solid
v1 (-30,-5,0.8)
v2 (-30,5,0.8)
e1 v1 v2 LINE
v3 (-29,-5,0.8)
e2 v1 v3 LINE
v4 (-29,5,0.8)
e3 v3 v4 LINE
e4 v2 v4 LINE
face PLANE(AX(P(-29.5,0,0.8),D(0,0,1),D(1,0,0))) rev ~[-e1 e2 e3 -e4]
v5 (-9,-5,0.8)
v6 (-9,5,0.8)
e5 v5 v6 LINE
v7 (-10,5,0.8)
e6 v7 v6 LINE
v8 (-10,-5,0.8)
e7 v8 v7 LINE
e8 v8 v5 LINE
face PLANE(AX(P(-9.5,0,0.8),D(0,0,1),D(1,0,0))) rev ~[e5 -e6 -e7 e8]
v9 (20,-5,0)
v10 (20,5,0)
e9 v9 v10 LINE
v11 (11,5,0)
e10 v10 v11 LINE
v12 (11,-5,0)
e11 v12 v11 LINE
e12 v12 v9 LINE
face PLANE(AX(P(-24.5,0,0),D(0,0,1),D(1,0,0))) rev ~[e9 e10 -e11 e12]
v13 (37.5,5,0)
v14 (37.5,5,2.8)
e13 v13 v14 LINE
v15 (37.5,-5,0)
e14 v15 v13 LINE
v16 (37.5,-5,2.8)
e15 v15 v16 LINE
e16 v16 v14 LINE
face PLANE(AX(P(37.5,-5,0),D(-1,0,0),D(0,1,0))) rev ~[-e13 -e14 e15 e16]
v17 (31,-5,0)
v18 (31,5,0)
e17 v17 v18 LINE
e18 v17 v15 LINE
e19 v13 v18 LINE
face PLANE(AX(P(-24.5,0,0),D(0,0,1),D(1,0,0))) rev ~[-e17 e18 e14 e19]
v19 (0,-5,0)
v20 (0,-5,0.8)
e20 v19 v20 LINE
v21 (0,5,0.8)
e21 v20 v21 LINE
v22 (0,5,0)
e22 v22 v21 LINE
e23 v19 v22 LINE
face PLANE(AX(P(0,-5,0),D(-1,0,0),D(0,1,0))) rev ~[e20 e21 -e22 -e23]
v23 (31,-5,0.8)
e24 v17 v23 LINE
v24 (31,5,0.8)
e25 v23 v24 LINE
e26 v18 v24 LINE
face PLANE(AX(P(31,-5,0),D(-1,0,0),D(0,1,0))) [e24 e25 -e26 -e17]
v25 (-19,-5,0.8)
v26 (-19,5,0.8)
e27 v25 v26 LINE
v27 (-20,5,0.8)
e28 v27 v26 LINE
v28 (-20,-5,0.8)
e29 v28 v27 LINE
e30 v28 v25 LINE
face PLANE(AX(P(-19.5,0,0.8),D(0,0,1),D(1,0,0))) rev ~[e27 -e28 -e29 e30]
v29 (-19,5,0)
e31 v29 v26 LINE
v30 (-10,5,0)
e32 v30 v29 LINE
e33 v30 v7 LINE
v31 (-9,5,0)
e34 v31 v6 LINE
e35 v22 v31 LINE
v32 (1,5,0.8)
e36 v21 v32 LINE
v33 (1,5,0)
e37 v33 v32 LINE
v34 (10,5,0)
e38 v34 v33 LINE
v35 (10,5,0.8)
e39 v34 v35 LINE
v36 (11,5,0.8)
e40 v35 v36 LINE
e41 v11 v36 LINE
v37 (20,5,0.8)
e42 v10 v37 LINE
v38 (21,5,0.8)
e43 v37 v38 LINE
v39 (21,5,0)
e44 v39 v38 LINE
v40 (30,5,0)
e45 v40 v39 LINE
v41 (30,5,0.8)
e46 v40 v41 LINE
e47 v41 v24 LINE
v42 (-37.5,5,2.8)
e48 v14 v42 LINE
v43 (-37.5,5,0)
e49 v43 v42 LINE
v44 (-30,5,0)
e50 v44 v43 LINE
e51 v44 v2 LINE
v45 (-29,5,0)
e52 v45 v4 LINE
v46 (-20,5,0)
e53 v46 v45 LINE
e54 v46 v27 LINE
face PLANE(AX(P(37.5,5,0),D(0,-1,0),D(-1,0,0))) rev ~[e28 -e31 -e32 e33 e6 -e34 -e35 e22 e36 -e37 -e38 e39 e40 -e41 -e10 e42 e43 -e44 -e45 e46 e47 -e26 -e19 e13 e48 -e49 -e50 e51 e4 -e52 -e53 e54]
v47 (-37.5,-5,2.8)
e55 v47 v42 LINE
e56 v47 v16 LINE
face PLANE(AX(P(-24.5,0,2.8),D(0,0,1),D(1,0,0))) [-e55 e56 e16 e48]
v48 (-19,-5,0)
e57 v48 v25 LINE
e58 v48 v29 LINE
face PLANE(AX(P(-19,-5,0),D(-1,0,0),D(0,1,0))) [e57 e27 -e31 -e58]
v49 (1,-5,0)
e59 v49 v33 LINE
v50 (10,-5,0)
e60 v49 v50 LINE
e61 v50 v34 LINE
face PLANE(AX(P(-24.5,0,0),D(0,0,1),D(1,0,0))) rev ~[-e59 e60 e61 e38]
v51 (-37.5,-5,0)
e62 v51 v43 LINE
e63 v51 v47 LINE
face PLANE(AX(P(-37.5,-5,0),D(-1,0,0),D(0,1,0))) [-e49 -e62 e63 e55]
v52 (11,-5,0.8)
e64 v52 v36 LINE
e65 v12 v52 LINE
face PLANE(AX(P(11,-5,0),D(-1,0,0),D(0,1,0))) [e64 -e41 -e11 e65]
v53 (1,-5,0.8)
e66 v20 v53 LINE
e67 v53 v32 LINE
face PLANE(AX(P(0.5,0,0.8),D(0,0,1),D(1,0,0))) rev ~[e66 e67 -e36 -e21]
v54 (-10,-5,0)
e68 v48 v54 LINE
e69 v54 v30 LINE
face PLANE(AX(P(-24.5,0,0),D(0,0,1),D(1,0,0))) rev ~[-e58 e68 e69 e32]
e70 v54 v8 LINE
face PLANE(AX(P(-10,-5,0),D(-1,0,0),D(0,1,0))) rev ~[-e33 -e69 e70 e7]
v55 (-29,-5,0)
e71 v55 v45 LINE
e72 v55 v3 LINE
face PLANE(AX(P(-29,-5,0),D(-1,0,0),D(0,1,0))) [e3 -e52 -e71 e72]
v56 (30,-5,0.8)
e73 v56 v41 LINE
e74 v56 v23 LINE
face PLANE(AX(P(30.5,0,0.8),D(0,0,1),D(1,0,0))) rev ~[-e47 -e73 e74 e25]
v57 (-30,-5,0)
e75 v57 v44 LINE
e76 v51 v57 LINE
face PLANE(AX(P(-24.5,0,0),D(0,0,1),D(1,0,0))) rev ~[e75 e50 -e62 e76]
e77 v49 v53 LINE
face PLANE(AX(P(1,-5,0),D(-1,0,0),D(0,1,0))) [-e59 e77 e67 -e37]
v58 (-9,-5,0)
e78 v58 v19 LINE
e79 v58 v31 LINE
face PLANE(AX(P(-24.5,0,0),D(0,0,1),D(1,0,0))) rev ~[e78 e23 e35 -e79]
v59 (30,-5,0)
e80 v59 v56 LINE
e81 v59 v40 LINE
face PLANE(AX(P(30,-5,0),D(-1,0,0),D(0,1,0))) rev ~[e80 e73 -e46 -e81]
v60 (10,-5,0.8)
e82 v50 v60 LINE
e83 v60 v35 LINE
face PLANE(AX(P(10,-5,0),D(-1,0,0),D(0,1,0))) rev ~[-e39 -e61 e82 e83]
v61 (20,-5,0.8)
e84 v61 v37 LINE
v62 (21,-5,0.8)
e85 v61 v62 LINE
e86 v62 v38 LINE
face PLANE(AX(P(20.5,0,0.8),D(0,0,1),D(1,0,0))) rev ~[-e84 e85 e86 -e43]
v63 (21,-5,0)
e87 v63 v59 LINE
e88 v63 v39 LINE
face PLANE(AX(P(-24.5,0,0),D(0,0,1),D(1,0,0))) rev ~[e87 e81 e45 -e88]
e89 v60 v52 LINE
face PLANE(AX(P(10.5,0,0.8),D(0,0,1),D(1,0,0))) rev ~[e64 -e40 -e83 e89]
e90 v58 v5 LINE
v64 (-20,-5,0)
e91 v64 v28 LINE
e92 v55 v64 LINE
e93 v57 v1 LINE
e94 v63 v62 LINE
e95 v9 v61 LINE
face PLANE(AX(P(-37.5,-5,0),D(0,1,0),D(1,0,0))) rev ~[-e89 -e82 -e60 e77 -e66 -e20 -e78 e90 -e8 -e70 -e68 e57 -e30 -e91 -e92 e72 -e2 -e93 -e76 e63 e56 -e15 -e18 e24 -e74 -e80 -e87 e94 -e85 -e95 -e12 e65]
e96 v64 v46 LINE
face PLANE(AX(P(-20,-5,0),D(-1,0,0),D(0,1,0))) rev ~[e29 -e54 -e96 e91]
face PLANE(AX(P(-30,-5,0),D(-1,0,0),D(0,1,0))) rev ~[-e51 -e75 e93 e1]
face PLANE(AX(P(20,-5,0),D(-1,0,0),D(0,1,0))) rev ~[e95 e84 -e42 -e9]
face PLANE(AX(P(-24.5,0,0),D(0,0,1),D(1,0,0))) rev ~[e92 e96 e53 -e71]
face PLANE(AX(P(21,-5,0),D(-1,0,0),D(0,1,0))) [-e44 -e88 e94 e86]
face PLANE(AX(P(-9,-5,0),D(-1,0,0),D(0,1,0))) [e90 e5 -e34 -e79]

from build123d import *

# Parameters (mm, degrees)
F0_W     = 9
F0_H     = 10
F0_W_2   = 1
F0_W_3   = 6.5
F0_W_4   = 7.5
F1_DEPTH = 2.8
F2_DEPTH = 0.8


with BuildPart() as f1:
    # F0 (on Top) → F1 (new body)
    with BuildSketch(Plane.XY):
        with Locations((-24.5, 0)):
            Rectangle(F0_W, F0_H)
        with Locations((-29.5, 0)):
            Rectangle(F0_W_2, F0_H)
        with Locations((34.25, 0)):
            Rectangle(F0_W_3, F0_H)
        with Locations((-33.75, 0)):
            Rectangle(F0_W_4, F0_H)
        with Locations((30.5, 0)):
            Rectangle(F0_W_2, F0_H)
        with Locations((25.5, 0)):
            Rectangle(F0_W, F0_H)
        with Locations((20.5, 0)):
            Rectangle(F0_W_2, F0_H)
        with Locations((15.5, 0)):
            Rectangle(F0_W, F0_H)
        with Locations((10.5, 0)):
            Rectangle(F0_W_2, F0_H)
        with Locations((5.5, 0)):
            Rectangle(F0_W, F0_H)
        with Locations((0.5, 0)):
            Rectangle(F0_W_2, F0_H)
        with Locations((-4.5, 0)):
            Rectangle(F0_W, F0_H)
        with Locations((-9.5, 0)):
            Rectangle(F0_W_2, F0_H)
        with Locations((-14.5, 0)):
            Rectangle(F0_W, F0_H)
        with Locations((-19.5, 0)):
            Rectangle(F0_W_2, F0_H)
    extrude(amount=F1_DEPTH)

    # F0 (on Top) → F2 (cut)
    with BuildSketch(Plane.XY):
        with Locations((-29.5, 0)):
            Rectangle(F0_W_2, F0_H)
        with Locations((-19.5, 0)):
            Rectangle(F0_W_2, F0_H)
        with Locations((-9.5, 0)):
            Rectangle(F0_W_2, F0_H)
        with Locations((0.5, 0)):
            Rectangle(F0_W_2, F0_H)
        with Locations((10.5, 0)):
            Rectangle(F0_W_2, F0_H)
        with Locations((20.5, 0)):
            Rectangle(F0_W_2, F0_H)
        with Locations((30.5, 0)):
            Rectangle(F0_W_2, F0_H)
    extrude(amount=F2_DEPTH, mode=Mode.SUBTRACT)


solid = f1.part
